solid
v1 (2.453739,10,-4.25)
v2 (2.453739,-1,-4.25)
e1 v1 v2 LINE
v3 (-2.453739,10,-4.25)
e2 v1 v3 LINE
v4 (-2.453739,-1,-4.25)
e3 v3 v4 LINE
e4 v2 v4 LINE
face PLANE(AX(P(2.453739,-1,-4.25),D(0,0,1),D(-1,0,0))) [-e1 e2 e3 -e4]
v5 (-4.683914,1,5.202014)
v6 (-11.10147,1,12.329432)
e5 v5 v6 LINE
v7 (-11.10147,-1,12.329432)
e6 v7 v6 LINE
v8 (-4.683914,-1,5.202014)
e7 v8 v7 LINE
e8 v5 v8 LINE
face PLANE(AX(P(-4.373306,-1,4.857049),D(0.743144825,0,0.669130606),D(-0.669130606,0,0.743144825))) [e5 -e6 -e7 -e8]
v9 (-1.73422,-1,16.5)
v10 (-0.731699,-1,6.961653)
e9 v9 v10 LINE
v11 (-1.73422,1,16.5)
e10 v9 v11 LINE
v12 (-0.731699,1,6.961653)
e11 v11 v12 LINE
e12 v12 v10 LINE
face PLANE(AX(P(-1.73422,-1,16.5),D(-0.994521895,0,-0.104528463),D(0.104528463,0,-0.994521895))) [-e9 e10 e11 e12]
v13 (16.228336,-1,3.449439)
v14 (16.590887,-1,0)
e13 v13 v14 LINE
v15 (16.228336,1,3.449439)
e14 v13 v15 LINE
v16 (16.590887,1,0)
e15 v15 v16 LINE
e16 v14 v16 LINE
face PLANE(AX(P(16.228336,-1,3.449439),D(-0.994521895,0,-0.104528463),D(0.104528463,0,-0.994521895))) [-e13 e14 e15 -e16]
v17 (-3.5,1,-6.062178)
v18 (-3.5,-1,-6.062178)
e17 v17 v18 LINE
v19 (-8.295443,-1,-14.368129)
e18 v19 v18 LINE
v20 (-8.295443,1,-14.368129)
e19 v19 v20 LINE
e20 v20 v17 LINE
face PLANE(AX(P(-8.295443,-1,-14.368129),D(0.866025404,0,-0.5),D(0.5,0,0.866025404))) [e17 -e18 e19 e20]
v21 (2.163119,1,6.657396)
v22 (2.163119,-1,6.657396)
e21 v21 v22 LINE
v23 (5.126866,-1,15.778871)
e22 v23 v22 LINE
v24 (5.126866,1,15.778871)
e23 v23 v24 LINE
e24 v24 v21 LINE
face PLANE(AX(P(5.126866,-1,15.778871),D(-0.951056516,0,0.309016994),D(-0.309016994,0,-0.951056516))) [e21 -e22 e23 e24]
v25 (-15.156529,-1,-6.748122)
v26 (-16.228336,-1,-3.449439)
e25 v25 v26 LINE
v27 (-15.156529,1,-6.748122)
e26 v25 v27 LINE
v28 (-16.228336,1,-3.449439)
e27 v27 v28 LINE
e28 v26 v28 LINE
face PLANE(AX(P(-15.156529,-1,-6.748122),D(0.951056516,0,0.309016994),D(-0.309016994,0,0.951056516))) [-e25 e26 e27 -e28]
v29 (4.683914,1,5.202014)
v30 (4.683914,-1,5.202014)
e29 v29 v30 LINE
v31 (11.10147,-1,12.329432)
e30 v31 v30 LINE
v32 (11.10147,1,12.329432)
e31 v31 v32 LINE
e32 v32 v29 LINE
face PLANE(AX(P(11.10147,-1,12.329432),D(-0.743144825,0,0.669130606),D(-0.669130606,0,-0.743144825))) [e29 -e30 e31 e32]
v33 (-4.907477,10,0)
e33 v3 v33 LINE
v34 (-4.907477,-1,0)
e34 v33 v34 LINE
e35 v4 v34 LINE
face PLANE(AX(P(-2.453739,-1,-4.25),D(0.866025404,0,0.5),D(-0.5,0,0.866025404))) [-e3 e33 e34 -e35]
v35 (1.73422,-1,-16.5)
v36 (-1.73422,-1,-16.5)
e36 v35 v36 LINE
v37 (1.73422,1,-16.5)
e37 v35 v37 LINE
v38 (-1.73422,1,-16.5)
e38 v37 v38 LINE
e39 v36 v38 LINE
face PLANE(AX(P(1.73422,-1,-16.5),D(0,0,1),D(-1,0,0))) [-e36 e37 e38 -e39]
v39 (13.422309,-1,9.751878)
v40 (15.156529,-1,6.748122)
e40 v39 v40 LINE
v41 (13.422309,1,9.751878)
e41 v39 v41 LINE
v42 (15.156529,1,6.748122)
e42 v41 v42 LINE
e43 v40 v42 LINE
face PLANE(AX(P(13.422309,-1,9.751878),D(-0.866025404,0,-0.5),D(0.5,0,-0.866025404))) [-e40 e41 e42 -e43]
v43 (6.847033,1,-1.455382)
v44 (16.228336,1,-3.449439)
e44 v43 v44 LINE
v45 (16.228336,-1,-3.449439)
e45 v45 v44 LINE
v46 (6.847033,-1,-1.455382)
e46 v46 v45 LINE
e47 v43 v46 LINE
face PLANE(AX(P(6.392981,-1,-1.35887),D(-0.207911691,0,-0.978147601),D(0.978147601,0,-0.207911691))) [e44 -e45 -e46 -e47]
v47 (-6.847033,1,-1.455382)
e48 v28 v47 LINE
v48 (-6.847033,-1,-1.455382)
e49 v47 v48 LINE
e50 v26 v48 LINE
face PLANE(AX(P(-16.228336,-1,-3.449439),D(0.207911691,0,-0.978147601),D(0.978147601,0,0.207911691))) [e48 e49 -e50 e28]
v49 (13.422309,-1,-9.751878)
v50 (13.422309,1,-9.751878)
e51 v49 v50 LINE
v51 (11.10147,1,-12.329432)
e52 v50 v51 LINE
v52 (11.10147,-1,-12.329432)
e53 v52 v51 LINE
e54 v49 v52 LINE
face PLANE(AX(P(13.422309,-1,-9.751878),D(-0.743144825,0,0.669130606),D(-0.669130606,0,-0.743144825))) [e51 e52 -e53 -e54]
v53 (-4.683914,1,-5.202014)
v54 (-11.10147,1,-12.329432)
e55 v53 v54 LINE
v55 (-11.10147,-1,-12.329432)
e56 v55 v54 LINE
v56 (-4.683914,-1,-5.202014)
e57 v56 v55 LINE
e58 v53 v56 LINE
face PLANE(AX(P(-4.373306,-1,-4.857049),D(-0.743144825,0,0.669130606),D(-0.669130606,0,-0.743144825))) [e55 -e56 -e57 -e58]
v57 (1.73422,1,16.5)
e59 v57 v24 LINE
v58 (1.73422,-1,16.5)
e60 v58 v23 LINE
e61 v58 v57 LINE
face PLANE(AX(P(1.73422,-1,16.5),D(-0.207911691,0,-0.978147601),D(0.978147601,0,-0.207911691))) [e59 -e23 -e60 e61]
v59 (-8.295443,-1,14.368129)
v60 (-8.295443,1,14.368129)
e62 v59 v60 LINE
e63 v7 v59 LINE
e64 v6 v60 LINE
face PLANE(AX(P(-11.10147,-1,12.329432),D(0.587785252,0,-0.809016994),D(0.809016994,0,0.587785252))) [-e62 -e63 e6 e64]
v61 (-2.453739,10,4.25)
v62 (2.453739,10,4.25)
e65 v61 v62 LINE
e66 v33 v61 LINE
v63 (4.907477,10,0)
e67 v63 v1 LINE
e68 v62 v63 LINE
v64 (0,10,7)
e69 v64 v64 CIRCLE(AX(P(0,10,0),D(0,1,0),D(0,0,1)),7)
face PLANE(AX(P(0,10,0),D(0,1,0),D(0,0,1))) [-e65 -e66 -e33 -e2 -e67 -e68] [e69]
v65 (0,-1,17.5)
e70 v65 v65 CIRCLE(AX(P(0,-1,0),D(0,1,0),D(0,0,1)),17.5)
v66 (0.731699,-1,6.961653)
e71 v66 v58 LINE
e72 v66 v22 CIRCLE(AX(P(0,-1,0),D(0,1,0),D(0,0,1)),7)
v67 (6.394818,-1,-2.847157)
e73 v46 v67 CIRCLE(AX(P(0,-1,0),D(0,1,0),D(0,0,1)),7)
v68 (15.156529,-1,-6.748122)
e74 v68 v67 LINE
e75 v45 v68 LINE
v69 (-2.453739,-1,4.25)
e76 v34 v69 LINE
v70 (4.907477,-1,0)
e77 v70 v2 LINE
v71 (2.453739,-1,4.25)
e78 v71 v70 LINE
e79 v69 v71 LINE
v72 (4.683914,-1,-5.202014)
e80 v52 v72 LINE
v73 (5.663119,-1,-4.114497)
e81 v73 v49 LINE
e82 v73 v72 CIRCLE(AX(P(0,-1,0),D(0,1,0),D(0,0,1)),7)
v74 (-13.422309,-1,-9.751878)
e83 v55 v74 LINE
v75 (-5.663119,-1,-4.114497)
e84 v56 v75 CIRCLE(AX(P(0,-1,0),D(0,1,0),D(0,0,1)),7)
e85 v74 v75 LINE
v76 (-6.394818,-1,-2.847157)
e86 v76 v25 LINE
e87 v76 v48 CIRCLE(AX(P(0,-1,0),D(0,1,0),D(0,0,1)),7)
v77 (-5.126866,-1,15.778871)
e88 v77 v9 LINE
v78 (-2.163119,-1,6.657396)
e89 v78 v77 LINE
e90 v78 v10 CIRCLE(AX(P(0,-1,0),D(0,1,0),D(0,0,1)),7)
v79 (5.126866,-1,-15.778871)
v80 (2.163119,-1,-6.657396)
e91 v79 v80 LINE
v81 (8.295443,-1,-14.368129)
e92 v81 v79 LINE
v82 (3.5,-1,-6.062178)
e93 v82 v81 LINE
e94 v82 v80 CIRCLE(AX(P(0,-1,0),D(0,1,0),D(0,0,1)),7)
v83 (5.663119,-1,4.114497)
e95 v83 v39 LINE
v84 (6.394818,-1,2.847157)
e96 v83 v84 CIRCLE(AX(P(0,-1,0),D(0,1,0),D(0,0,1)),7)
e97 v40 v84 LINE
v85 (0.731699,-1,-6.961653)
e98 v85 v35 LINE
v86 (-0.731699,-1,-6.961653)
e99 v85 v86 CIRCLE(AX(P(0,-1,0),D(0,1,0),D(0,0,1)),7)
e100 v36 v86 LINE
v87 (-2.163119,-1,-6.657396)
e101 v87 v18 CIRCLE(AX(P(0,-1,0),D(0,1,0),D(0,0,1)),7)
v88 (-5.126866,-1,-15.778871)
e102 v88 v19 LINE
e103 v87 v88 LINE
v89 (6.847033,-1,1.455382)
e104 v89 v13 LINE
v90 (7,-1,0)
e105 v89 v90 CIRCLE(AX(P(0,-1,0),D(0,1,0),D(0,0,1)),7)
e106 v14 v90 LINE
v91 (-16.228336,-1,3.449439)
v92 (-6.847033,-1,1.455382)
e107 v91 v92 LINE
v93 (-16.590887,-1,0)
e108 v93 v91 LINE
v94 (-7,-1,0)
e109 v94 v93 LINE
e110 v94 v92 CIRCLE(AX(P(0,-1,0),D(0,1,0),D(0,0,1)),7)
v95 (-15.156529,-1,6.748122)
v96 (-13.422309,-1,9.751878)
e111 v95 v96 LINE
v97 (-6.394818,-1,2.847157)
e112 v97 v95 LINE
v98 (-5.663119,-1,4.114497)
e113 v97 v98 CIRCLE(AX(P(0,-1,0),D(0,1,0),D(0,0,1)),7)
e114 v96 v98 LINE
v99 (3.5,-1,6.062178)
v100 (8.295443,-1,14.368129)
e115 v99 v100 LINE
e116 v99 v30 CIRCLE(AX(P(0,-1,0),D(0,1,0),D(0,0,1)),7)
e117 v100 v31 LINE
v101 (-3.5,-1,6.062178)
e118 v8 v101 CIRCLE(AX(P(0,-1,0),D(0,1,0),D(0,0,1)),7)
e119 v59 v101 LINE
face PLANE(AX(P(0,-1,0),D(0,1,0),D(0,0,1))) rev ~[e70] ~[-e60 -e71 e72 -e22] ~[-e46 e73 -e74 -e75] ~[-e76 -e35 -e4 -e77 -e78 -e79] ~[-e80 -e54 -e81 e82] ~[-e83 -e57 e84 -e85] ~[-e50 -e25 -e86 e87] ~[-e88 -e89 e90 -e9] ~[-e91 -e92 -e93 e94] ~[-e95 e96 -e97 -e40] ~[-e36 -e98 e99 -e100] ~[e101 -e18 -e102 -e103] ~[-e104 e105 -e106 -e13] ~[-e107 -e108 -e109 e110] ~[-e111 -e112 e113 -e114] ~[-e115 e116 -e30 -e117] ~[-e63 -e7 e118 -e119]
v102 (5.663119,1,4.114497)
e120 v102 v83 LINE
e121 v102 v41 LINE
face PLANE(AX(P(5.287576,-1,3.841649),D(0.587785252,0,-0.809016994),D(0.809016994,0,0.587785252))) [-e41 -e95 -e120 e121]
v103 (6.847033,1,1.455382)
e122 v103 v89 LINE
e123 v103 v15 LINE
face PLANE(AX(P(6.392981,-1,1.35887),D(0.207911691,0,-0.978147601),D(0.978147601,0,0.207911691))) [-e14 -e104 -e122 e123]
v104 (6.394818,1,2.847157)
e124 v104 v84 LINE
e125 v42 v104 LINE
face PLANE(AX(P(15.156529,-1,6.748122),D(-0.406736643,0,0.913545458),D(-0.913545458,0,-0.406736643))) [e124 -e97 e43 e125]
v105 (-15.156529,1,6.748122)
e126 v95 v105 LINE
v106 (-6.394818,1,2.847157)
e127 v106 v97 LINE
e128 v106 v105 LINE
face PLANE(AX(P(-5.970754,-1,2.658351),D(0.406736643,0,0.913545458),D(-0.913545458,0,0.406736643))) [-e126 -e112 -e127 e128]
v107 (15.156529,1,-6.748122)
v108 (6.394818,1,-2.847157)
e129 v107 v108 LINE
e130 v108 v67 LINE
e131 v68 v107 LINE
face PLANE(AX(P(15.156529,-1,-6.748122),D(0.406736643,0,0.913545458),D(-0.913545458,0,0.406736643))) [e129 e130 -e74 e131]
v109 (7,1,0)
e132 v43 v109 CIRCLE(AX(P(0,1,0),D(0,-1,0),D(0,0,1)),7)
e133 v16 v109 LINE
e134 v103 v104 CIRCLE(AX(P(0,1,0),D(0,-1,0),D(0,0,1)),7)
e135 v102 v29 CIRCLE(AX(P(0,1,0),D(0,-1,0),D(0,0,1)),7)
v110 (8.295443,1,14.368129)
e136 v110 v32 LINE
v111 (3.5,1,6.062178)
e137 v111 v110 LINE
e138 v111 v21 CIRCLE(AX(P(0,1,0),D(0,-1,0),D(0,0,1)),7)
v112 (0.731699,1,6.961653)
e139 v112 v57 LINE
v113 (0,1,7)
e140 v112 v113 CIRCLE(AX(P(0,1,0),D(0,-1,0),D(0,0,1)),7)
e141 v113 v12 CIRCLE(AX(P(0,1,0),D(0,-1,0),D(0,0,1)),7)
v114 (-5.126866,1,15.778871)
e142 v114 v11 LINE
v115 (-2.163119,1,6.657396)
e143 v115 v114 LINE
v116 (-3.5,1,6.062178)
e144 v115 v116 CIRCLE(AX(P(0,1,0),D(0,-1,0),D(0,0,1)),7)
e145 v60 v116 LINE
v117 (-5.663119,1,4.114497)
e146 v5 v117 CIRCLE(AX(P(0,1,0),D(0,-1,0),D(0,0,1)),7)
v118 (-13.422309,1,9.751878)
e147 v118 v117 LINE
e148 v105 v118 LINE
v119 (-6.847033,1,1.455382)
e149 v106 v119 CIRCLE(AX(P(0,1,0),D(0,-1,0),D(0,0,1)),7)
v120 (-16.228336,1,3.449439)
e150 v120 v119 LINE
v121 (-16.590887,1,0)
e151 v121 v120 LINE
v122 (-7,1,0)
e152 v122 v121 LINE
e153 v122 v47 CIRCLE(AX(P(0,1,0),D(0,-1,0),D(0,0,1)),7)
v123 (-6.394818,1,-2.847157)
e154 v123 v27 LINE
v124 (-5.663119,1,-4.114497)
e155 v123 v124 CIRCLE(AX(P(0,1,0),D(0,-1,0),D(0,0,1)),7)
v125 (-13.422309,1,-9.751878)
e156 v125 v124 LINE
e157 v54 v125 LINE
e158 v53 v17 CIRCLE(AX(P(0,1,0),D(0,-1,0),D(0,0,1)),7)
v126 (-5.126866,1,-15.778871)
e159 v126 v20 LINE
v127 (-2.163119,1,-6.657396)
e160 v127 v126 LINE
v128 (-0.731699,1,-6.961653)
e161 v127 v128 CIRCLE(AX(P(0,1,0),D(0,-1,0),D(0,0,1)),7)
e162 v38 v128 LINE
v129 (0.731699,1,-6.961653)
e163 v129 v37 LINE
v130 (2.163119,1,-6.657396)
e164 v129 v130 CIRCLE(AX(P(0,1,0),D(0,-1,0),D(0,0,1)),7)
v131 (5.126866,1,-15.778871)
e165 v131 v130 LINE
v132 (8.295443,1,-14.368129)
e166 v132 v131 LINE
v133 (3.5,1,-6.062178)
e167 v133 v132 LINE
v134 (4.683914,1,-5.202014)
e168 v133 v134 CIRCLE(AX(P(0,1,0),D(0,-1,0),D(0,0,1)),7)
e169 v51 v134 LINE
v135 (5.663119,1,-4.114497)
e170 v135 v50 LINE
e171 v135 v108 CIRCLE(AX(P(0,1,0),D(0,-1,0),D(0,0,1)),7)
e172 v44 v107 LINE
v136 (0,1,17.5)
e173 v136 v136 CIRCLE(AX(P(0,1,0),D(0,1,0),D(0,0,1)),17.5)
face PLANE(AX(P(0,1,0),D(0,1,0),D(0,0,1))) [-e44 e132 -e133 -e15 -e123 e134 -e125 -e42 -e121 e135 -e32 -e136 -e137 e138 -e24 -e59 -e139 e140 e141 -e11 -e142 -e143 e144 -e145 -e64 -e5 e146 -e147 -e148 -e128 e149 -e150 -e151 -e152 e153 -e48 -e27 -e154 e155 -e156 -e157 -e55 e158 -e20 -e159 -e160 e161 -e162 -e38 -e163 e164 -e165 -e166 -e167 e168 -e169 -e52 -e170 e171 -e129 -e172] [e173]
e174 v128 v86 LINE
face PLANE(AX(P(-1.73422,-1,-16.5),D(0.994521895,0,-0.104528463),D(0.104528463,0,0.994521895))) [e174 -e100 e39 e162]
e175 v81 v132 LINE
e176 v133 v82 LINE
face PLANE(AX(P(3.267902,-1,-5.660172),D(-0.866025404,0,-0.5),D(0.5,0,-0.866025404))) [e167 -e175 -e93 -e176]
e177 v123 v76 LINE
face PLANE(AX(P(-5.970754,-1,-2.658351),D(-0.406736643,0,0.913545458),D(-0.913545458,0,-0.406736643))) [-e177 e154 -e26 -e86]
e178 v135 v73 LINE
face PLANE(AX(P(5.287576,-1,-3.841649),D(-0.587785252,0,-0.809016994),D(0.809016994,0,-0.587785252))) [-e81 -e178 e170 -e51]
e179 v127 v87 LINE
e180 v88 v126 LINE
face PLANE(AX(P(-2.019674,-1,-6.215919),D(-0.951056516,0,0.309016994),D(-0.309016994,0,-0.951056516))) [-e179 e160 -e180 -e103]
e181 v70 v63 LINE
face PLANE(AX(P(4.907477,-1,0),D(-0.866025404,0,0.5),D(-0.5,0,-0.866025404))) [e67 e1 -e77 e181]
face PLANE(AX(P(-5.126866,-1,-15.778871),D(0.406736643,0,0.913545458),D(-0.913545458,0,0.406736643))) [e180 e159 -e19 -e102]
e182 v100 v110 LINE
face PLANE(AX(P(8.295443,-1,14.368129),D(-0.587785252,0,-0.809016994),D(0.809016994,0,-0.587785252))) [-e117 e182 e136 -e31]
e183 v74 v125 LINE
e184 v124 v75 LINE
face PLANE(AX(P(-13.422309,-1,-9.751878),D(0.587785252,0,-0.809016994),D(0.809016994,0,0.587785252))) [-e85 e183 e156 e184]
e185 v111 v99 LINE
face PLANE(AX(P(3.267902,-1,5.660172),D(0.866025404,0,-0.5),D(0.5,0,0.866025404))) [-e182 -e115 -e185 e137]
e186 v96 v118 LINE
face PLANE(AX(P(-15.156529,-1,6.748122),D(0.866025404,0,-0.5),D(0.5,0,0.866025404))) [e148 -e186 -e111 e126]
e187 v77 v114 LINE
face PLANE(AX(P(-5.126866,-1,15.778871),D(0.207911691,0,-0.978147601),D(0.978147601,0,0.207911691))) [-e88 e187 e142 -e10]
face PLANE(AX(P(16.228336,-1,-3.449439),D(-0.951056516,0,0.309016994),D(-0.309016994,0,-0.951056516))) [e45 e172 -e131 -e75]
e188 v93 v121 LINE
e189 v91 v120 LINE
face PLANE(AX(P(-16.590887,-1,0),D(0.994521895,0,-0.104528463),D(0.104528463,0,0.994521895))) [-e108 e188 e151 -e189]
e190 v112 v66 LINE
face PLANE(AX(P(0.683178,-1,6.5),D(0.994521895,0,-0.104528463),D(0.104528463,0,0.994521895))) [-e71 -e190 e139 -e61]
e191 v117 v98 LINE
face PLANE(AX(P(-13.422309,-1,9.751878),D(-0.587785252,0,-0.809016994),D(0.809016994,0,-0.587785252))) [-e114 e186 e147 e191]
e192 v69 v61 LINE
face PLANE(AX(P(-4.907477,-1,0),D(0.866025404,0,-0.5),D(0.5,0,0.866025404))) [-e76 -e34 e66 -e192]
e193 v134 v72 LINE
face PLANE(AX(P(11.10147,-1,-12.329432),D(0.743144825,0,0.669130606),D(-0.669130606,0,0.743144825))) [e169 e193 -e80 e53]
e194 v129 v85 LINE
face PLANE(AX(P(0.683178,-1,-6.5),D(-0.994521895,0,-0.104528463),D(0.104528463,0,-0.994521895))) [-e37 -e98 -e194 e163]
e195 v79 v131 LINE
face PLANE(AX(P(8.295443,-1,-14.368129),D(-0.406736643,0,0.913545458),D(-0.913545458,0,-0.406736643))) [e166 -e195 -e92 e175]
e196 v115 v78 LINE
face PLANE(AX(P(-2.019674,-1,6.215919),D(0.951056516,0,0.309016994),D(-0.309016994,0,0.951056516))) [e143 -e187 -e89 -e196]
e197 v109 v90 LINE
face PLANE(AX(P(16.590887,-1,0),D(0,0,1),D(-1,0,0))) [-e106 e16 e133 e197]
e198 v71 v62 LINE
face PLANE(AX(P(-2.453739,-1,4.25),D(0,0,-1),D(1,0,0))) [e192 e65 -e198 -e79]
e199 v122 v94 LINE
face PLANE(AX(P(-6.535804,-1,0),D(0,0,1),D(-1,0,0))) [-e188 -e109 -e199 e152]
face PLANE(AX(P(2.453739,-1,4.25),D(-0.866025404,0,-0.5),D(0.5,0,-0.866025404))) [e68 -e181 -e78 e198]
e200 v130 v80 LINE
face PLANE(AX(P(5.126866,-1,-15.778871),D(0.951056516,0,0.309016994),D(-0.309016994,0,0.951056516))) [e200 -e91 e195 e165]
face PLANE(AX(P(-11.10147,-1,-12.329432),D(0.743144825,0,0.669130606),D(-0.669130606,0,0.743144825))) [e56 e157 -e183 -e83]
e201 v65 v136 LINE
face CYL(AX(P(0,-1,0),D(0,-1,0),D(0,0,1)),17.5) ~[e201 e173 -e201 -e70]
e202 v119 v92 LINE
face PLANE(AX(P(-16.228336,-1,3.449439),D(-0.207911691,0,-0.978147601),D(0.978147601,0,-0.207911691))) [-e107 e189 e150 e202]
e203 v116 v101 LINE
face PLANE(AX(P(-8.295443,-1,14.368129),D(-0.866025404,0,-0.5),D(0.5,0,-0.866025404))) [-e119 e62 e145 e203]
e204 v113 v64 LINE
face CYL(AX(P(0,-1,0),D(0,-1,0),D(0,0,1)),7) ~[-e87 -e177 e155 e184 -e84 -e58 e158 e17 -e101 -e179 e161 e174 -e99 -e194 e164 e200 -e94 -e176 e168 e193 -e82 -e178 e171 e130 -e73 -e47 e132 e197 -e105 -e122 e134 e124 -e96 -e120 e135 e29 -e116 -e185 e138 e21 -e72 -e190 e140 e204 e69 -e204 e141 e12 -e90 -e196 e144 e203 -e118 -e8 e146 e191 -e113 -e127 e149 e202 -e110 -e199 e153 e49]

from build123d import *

# Parameters (mm, degrees)
BOSS_EXTRUDE1_DEPTH      = 1
BOSS_EXTRUDE1_DEPTH_BACK = 1
SKETCH1_R                = 17.5
BOSS_EXTRUDE2_START      = -1
SKETCH2_R                = 7
BOSS_EXTRUDE2_DEPTH      = 11


with BuildPart() as part:
    # Sketch1 → Boss-Extrude1 (new, two sides: drawn at the far end of the back side and taken through both)
    with BuildSketch(Plane(origin=(0, 0, 0), x_dir=(1, 0, 0), z_dir=(0, 1, 0)).offset(-BOSS_EXTRUDE1_DEPTH_BACK)):
        with Locations(Location((0, 0, 0), (0, 0, 270))):
            Circle(SKETCH1_R)
        Polygon((3.267901909, 5.66017214), (8.295443306, 14.368129278), (5.126865915, 15.778870824), (2.019674451, 6.21591881), align=None, mode=Mode.SUBTRACT)
        Polygon((0.683177529, 6.5), (1.734219882, 16.5), (-1.734219882, 16.5), (-0.683177529, 6.5), align=None, mode=Mode.SUBTRACT)
        Polygon((5.28757636, 3.841649096), (13.422309222, 9.751878473), (11.101470019, 12.329431536), (4.373306371, 4.857048787), align=None, mode=Mode.SUBTRACT)
        Polygon((6.392980823, 1.358870022), (16.228335934, 3.449439288), (15.156529103, 6.748121527), (5.970753889, 2.658350904), align=None, mode=Mode.SUBTRACT)
        Polygon((6.392980823, -1.358870022), (16.228335934, -3.449439288), (16.590886613, 0), (6.535803817, 0), align=None, mode=Mode.SUBTRACT)
        Polygon((5.28757636, -3.841649096), (13.422309222, -9.751878473), (15.156529103, -6.748121527), (5.970753889, -2.658350904), align=None, mode=Mode.SUBTRACT)
        Polygon((3.267901909, -5.66017214), (8.295443306, -14.368129278), (11.101470019, -12.329431536), (4.373306371, -4.857048787), align=None, mode=Mode.SUBTRACT)
        Polygon((0.683177529, -6.5), (1.734219882, -16.5), (5.126865915, -15.778870824), (2.019674451, -6.21591881), align=None, mode=Mode.SUBTRACT)
        Polygon((-2.019674451, -6.21591881), (-5.126865915, -15.778870824), (-1.734219882, -16.5), (-0.683177529, -6.5), align=None, mode=Mode.SUBTRACT)
        Polygon((-4.373306371, -4.857048787), (-11.101470019, -12.329431536), (-8.295443306, -14.368129278), (-3.267901909, -5.66017214), align=None, mode=Mode.SUBTRACT)
        Polygon((-5.970753889, -2.658350904), (-15.156529103, -6.748121527), (-13.422309222, -9.751878473), (-5.28757636, -3.841649096), align=None, mode=Mode.SUBTRACT)
        Polygon((-6.535803817, 0), (-16.590886613, 0), (-16.228335934, -3.449439288), (-6.392980823, -1.358870022), align=None, mode=Mode.SUBTRACT)
        Polygon((-5.970753889, 2.658350904), (-15.156529103, 6.748121527), (-16.228335934, 3.449439288), (-6.392980823, 1.358870022), align=None, mode=Mode.SUBTRACT)
        Polygon((-4.373306371, 4.857048787), (-11.101470019, 12.329431536), (-13.422309222, 9.751878473), (-5.28757636, 3.841649096), align=None, mode=Mode.SUBTRACT)
        Polygon((-2.019674451, 6.21591881), (-5.126865915, 15.778870824), (-8.295443306, 14.368129278), (-3.267901909, 5.66017214), align=None, mode=Mode.SUBTRACT)
        Polygon((4.907477288, 0), (2.453738644, 4.25), (-2.453738644, 4.25), (-4.907477288, 0), (-2.453738644, -4.25), (2.453738644, -4.25), align=None, mode=Mode.SUBTRACT)
    extrude(amount=BOSS_EXTRUDE1_DEPTH + BOSS_EXTRUDE1_DEPTH_BACK)

    # Sketch2 → Boss-Extrude2 (add)
    with BuildSketch(Plane(origin=(0, 0, 0), x_dir=(1, 0, 0), z_dir=(0, 1, 0)).offset(BOSS_EXTRUDE2_START)):
        with Locations(Location((0, 0, 0), (0, 0, 270))):
            Circle(SKETCH2_R)
        Polygon((4.907477288, 0), (2.453738644, 4.25), (-2.453738644, 4.25), (-4.907477288, 0), (-2.453738644, -4.25), (2.453738644, -4.25), align=None, mode=Mode.SUBTRACT)
    extrude(amount=BOSS_EXTRUDE2_DEPTH)


solid = part.part
